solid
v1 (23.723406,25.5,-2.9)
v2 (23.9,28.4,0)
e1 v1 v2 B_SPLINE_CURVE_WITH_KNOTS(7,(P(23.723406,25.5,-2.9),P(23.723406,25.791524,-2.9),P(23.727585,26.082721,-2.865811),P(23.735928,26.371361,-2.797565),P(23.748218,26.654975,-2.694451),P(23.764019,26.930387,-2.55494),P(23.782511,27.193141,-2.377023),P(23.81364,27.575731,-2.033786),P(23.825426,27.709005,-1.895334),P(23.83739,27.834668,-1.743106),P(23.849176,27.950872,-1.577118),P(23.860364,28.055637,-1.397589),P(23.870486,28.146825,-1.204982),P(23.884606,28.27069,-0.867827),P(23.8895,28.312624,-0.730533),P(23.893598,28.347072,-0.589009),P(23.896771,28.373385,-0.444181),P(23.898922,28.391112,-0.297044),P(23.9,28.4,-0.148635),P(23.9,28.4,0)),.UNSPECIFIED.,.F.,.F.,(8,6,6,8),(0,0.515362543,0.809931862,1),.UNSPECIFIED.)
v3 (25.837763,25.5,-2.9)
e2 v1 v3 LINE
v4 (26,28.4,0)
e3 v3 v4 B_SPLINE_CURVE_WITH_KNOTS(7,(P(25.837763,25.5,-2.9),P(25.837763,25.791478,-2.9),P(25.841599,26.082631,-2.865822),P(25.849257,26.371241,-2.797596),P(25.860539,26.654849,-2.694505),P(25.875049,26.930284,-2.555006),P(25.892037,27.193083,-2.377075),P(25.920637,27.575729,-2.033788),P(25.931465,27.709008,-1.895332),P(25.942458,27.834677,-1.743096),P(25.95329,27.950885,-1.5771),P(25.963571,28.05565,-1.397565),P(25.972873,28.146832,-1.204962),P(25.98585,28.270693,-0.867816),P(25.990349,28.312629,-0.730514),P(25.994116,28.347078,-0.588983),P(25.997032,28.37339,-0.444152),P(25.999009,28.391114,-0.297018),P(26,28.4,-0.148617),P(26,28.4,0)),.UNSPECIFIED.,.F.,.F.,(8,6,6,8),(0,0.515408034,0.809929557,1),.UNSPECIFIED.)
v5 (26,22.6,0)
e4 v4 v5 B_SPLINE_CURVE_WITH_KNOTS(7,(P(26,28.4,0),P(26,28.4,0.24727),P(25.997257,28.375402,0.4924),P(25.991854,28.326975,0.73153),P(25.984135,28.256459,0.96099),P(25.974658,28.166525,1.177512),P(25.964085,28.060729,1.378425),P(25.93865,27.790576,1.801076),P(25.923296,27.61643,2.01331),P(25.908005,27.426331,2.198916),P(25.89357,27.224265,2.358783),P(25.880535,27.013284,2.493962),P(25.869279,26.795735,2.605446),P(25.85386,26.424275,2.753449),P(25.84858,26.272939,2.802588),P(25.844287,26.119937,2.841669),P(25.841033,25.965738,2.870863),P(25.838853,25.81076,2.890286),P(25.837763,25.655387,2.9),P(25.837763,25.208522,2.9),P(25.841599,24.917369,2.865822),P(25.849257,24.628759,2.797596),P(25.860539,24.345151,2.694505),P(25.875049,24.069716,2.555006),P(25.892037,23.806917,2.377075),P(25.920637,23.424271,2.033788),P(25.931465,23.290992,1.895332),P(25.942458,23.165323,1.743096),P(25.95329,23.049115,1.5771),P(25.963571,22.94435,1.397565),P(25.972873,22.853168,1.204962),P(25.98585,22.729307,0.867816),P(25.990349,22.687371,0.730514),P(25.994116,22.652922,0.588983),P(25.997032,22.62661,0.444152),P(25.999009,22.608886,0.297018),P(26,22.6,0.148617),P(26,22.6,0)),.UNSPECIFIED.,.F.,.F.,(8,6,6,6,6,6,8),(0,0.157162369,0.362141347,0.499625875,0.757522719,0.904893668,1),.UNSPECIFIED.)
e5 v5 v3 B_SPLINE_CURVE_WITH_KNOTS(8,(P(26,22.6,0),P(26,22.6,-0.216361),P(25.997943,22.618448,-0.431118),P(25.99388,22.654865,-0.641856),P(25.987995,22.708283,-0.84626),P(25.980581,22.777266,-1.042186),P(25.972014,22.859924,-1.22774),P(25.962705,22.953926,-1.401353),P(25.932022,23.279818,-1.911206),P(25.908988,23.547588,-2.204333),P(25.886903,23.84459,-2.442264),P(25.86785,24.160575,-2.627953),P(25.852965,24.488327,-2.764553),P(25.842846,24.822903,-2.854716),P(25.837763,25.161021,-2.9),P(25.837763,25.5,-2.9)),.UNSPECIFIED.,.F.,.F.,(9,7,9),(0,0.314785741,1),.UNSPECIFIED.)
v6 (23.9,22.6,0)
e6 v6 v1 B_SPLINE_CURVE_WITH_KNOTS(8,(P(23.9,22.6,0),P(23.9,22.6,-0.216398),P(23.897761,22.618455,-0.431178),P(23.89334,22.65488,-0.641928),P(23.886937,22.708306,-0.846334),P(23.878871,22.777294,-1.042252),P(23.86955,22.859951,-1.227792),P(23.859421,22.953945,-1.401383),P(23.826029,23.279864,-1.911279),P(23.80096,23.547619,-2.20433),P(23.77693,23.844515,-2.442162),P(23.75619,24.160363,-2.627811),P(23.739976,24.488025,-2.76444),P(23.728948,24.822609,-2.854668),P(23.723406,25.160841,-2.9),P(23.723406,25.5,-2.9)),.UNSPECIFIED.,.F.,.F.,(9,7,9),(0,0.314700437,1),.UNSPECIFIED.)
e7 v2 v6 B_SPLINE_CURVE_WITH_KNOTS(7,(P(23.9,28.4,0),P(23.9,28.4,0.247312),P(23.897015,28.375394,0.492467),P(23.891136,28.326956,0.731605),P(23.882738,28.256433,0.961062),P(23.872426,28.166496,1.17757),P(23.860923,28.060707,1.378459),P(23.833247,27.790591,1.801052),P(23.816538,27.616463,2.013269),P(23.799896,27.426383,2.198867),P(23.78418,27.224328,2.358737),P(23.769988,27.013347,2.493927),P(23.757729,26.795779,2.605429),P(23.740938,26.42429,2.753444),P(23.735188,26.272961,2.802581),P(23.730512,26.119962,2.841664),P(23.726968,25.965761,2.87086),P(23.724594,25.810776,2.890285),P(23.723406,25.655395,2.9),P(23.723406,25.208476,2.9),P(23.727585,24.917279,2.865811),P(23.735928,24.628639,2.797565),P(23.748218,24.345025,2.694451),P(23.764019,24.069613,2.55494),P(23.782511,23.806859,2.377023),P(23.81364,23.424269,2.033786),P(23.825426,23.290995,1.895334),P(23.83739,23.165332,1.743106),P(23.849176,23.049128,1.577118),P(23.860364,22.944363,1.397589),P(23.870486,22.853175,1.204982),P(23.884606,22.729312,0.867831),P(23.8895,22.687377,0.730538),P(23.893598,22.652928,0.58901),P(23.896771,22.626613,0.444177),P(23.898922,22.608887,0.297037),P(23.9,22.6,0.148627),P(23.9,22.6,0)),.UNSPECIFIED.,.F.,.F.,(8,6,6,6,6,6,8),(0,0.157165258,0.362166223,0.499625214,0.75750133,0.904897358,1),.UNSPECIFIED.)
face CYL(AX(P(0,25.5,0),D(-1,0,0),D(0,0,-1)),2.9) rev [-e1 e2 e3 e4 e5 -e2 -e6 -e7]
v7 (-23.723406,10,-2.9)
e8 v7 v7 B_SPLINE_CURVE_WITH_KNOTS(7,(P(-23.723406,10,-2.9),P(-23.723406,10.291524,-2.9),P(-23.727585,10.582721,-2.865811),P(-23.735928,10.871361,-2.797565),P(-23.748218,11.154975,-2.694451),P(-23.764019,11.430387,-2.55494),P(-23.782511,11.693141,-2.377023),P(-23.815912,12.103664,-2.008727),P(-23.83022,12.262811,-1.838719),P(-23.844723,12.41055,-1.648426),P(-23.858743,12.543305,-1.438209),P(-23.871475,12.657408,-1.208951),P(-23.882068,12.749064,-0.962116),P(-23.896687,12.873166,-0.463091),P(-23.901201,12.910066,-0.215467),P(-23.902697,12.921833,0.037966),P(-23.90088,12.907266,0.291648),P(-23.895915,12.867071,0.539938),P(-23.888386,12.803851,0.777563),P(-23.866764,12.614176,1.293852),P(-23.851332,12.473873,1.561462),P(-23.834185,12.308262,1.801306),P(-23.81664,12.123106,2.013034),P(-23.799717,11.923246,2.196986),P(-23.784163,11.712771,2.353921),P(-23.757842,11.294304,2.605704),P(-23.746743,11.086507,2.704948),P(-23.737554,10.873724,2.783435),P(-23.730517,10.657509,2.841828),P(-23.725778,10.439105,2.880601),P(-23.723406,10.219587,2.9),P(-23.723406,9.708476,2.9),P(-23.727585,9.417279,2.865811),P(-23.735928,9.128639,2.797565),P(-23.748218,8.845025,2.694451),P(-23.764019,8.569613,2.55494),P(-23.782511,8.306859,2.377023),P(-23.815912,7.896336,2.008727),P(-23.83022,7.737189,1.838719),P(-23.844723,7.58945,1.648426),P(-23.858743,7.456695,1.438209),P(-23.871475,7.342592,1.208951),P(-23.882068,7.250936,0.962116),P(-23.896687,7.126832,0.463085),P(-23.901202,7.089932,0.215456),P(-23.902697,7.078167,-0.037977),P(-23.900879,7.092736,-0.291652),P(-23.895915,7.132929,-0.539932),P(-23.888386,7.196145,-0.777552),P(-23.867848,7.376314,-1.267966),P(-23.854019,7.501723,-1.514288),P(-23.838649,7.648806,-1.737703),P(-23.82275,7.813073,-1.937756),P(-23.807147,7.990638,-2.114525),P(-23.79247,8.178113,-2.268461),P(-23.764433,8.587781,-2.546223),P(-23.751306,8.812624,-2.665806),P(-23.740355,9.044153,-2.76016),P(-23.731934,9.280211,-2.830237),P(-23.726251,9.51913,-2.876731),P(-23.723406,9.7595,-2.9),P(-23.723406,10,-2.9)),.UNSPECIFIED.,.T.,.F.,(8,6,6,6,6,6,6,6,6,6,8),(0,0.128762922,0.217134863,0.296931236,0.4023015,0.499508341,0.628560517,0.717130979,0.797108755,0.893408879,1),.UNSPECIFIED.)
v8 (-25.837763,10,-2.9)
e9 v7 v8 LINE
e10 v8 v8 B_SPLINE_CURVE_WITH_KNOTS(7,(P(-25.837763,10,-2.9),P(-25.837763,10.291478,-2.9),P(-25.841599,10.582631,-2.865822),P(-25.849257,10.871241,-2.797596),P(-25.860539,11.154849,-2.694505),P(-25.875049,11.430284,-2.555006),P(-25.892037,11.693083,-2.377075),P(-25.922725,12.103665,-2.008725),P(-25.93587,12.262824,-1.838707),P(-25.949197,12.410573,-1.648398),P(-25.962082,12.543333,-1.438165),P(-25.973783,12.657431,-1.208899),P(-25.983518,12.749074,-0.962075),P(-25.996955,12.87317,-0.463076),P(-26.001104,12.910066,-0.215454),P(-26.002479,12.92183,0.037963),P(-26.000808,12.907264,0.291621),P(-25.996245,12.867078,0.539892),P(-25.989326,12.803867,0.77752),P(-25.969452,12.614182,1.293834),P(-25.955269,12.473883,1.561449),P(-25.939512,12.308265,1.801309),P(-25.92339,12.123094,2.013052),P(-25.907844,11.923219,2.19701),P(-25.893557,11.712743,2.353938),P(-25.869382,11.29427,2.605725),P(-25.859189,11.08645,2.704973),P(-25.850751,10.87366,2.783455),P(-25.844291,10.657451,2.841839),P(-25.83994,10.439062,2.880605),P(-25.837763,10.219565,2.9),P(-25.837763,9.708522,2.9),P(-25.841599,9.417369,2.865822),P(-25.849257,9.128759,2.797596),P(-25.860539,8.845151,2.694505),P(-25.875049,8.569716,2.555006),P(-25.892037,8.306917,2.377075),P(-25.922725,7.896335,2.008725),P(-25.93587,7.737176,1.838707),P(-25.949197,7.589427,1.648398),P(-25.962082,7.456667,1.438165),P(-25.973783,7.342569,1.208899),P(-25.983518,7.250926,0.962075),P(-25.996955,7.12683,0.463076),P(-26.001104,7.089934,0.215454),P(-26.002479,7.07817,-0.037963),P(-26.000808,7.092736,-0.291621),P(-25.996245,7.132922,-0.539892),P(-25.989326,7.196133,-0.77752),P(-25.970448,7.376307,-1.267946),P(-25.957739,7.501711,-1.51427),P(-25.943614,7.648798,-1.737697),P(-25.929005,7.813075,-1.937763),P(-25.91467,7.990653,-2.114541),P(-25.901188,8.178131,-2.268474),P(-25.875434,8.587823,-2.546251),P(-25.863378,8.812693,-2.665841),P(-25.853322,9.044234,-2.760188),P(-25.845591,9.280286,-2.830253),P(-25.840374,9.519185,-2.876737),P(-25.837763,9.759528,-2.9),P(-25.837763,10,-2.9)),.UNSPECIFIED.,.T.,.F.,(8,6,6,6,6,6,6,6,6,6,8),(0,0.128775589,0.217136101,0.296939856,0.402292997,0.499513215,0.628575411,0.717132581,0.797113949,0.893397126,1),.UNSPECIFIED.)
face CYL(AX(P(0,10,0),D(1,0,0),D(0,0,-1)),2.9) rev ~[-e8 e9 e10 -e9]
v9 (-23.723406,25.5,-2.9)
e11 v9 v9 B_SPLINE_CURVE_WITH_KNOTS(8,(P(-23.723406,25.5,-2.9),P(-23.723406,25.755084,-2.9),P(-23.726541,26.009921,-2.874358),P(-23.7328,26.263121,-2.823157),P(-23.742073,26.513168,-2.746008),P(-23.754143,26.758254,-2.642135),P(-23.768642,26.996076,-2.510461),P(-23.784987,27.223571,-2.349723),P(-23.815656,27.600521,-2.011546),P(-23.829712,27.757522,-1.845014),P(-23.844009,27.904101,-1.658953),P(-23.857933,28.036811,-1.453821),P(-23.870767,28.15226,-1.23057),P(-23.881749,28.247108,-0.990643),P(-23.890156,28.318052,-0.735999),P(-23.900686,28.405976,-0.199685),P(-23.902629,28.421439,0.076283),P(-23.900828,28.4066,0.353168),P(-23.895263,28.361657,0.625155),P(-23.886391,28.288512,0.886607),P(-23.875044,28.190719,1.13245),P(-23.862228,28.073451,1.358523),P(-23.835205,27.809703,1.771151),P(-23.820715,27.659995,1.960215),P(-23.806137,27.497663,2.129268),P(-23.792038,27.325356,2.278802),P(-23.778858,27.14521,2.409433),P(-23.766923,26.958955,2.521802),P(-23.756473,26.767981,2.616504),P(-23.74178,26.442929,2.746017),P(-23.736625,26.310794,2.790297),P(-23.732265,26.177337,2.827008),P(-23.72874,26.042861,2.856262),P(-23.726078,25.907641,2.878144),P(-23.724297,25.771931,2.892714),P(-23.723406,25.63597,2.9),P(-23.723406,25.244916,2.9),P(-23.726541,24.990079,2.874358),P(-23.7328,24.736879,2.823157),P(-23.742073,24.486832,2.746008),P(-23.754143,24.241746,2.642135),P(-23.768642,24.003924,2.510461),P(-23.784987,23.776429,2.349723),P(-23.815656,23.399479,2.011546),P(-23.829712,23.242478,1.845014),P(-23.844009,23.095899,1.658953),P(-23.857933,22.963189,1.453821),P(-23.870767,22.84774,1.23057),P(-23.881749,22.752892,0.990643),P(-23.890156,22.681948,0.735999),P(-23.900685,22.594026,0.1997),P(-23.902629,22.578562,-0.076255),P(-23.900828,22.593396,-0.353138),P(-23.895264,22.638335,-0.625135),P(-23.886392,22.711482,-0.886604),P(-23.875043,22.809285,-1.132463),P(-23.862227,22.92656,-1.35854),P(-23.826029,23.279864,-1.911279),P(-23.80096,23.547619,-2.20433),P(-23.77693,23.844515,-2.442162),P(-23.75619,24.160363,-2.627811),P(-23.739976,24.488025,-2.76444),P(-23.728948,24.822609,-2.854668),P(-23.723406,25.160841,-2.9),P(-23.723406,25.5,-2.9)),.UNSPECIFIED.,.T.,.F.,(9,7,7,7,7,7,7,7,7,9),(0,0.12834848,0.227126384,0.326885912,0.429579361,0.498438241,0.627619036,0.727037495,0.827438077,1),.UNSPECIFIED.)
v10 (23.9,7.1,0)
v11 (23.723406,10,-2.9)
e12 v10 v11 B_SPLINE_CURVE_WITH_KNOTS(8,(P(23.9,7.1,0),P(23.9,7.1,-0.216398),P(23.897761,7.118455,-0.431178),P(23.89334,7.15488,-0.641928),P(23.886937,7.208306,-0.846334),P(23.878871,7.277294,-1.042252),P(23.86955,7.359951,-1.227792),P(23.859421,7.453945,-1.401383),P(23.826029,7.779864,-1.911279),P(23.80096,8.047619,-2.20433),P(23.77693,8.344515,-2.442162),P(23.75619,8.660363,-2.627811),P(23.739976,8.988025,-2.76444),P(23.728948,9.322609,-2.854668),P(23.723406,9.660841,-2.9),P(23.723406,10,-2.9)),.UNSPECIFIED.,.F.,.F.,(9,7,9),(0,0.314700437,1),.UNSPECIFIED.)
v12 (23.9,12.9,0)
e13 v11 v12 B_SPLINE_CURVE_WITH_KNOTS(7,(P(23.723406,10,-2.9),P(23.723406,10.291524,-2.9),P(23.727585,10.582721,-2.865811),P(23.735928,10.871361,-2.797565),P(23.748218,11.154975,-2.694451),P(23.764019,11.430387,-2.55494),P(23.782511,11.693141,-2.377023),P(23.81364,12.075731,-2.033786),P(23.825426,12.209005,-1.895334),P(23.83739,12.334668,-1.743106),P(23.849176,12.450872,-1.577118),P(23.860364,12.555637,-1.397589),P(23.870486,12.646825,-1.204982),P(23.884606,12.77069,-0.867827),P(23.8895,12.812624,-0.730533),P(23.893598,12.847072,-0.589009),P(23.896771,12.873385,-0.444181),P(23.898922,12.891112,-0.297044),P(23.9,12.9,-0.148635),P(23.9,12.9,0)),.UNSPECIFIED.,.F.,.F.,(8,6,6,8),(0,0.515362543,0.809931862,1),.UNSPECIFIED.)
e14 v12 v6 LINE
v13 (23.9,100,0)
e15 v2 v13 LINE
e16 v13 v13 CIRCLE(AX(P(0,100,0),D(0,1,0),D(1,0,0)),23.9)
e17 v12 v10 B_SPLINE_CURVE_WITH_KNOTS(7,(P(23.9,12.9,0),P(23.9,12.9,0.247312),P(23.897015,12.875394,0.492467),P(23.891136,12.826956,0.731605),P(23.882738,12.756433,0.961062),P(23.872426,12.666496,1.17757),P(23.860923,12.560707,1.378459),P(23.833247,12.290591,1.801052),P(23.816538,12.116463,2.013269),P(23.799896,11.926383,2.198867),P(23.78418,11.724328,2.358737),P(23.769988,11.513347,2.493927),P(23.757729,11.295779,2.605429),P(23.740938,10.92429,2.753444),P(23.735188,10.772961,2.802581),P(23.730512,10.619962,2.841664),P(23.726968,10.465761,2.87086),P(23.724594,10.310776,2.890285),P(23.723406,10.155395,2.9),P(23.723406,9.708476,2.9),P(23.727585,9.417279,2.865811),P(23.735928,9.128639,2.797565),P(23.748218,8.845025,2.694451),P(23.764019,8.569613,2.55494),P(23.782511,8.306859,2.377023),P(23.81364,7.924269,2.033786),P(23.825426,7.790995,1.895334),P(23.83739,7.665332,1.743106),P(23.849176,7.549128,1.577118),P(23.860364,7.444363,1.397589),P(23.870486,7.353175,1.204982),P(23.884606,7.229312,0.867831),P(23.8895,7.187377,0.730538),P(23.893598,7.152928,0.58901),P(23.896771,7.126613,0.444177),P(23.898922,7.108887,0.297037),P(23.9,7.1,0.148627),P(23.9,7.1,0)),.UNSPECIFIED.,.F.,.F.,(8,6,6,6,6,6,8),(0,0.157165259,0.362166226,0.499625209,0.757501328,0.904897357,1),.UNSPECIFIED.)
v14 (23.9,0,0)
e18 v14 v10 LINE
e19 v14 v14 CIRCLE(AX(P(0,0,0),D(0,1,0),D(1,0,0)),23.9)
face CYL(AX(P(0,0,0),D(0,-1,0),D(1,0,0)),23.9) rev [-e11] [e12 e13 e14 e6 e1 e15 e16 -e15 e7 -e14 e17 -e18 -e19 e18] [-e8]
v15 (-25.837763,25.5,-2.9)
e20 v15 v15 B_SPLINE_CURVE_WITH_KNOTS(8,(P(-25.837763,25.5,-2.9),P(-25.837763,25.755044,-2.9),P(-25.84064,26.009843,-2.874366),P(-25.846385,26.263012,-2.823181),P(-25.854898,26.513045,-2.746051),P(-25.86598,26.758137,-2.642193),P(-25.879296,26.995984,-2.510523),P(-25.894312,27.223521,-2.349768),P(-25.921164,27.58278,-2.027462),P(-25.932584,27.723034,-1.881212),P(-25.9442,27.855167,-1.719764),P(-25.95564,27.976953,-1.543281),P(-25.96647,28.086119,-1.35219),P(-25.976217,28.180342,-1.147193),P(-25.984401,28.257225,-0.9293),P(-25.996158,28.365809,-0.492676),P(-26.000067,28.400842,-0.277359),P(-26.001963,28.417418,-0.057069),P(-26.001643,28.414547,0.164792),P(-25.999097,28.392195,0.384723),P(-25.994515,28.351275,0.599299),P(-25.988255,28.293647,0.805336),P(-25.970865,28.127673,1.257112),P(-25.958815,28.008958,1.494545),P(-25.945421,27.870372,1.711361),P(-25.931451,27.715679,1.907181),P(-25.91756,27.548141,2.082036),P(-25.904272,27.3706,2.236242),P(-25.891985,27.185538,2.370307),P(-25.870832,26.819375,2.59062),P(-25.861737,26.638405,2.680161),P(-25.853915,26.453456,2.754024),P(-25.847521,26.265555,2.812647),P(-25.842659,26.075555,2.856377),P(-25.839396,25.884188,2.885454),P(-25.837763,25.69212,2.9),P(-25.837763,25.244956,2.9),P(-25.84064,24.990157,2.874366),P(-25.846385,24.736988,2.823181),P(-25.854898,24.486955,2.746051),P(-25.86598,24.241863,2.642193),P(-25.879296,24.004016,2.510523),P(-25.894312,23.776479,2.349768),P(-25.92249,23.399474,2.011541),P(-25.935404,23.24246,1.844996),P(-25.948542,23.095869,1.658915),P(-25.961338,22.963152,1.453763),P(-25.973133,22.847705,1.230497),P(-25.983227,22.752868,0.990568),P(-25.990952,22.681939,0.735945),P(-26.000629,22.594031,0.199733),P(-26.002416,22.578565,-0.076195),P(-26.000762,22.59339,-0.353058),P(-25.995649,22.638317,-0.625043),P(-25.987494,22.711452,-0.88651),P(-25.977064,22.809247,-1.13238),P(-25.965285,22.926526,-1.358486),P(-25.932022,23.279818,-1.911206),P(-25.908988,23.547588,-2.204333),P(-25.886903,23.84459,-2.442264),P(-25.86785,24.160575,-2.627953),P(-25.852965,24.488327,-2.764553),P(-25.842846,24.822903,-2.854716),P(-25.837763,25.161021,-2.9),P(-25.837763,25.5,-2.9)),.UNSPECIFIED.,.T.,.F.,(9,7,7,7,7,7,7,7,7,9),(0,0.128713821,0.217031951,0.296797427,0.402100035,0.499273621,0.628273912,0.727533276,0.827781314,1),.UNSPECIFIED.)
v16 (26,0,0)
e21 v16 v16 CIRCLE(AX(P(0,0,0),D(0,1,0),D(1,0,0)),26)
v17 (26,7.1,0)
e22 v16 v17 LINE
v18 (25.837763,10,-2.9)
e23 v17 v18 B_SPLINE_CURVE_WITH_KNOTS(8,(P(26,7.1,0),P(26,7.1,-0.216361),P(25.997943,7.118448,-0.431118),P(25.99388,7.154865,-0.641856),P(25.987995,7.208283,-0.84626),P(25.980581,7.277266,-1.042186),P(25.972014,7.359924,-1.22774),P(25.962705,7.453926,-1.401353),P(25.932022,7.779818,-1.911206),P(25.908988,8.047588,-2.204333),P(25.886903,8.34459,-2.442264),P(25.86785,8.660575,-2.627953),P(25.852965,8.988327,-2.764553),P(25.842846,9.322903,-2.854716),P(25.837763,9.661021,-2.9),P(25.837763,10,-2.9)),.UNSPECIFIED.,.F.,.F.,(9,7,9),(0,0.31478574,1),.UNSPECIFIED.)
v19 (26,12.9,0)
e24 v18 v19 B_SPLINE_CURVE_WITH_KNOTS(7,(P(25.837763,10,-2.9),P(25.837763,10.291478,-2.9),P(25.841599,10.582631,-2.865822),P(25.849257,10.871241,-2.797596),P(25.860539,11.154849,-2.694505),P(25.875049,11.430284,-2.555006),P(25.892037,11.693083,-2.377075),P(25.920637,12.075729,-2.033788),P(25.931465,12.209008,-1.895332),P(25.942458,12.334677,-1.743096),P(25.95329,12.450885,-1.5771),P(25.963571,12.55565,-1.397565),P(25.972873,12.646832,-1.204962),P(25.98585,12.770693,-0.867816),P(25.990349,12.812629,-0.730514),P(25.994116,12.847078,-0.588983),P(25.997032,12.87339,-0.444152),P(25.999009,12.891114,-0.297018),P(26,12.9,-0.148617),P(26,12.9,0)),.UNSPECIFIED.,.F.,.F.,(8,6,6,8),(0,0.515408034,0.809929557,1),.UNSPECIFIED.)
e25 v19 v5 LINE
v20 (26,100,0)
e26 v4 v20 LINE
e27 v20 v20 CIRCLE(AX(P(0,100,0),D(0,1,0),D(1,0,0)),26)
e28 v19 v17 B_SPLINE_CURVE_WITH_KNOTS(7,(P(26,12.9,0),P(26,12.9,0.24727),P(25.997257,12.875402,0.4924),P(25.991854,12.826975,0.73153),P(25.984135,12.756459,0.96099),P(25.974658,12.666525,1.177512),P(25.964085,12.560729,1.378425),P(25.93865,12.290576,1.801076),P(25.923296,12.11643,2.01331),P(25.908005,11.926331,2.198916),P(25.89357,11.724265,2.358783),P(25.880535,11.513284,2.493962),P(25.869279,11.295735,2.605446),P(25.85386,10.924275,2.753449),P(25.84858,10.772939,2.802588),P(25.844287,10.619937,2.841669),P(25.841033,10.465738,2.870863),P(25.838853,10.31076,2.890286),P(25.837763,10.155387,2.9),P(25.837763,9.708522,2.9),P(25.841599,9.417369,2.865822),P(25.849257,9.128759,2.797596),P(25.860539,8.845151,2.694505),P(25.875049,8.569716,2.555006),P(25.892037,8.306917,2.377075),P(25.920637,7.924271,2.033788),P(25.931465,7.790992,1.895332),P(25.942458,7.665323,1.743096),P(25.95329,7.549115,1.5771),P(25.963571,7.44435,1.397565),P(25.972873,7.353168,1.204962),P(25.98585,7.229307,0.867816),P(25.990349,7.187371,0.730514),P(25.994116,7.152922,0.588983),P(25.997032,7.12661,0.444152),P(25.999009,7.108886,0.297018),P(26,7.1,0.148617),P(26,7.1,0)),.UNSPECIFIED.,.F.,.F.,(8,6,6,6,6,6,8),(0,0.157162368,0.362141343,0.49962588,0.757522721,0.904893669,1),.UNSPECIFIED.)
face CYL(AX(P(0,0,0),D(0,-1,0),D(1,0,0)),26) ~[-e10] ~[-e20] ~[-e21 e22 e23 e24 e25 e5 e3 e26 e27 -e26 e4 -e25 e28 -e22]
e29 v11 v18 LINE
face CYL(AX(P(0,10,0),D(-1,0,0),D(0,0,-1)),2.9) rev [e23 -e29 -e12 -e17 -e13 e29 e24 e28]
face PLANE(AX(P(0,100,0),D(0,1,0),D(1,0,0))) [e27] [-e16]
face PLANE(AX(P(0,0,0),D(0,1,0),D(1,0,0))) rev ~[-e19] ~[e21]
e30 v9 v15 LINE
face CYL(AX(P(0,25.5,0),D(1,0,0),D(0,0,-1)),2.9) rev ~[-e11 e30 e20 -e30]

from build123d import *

# Parameters (mm, degrees)
SKETCH1_R               = 26
SKETCH1_R_2             = 23.9
BOSS_EXTRUDE1_DEPTH     = 100
SKETCH2_R               = 2.9
CUT_EXTRUDE1_DEPTH      = 27
CUT_EXTRUDE1_DEPTH_BACK = 27


with BuildPart() as part:
    # Sketch1 → Boss-Extrude1 (new body)
    with BuildSketch(Plane(origin=(0, 0, 0), x_dir=(1, 0, 0), z_dir=(0, 1, 0))):
        Circle(SKETCH1_R)
        Circle(SKETCH1_R_2, mode=Mode.SUBTRACT)
    extrude(amount=BOSS_EXTRUDE1_DEPTH)

    # Sketch2 → Cut-Extrude1 (cut, two sides)
    with BuildSketch(Plane(origin=(0, 0, 0), x_dir=(0, 0, -1), z_dir=(1, 0, 0))) as cut_extrude1_sk:
        with Locations((0, 10)):
            Circle(SKETCH2_R)
        with Locations((0, 25.5)):
            Circle(SKETCH2_R)
    extrude(amount=CUT_EXTRUDE1_DEPTH, mode=Mode.SUBTRACT)
    extrude(cut_extrude1_sk.sketch, amount=-CUT_EXTRUDE1_DEPTH_BACK, mode=Mode.SUBTRACT)


solid = part.part
